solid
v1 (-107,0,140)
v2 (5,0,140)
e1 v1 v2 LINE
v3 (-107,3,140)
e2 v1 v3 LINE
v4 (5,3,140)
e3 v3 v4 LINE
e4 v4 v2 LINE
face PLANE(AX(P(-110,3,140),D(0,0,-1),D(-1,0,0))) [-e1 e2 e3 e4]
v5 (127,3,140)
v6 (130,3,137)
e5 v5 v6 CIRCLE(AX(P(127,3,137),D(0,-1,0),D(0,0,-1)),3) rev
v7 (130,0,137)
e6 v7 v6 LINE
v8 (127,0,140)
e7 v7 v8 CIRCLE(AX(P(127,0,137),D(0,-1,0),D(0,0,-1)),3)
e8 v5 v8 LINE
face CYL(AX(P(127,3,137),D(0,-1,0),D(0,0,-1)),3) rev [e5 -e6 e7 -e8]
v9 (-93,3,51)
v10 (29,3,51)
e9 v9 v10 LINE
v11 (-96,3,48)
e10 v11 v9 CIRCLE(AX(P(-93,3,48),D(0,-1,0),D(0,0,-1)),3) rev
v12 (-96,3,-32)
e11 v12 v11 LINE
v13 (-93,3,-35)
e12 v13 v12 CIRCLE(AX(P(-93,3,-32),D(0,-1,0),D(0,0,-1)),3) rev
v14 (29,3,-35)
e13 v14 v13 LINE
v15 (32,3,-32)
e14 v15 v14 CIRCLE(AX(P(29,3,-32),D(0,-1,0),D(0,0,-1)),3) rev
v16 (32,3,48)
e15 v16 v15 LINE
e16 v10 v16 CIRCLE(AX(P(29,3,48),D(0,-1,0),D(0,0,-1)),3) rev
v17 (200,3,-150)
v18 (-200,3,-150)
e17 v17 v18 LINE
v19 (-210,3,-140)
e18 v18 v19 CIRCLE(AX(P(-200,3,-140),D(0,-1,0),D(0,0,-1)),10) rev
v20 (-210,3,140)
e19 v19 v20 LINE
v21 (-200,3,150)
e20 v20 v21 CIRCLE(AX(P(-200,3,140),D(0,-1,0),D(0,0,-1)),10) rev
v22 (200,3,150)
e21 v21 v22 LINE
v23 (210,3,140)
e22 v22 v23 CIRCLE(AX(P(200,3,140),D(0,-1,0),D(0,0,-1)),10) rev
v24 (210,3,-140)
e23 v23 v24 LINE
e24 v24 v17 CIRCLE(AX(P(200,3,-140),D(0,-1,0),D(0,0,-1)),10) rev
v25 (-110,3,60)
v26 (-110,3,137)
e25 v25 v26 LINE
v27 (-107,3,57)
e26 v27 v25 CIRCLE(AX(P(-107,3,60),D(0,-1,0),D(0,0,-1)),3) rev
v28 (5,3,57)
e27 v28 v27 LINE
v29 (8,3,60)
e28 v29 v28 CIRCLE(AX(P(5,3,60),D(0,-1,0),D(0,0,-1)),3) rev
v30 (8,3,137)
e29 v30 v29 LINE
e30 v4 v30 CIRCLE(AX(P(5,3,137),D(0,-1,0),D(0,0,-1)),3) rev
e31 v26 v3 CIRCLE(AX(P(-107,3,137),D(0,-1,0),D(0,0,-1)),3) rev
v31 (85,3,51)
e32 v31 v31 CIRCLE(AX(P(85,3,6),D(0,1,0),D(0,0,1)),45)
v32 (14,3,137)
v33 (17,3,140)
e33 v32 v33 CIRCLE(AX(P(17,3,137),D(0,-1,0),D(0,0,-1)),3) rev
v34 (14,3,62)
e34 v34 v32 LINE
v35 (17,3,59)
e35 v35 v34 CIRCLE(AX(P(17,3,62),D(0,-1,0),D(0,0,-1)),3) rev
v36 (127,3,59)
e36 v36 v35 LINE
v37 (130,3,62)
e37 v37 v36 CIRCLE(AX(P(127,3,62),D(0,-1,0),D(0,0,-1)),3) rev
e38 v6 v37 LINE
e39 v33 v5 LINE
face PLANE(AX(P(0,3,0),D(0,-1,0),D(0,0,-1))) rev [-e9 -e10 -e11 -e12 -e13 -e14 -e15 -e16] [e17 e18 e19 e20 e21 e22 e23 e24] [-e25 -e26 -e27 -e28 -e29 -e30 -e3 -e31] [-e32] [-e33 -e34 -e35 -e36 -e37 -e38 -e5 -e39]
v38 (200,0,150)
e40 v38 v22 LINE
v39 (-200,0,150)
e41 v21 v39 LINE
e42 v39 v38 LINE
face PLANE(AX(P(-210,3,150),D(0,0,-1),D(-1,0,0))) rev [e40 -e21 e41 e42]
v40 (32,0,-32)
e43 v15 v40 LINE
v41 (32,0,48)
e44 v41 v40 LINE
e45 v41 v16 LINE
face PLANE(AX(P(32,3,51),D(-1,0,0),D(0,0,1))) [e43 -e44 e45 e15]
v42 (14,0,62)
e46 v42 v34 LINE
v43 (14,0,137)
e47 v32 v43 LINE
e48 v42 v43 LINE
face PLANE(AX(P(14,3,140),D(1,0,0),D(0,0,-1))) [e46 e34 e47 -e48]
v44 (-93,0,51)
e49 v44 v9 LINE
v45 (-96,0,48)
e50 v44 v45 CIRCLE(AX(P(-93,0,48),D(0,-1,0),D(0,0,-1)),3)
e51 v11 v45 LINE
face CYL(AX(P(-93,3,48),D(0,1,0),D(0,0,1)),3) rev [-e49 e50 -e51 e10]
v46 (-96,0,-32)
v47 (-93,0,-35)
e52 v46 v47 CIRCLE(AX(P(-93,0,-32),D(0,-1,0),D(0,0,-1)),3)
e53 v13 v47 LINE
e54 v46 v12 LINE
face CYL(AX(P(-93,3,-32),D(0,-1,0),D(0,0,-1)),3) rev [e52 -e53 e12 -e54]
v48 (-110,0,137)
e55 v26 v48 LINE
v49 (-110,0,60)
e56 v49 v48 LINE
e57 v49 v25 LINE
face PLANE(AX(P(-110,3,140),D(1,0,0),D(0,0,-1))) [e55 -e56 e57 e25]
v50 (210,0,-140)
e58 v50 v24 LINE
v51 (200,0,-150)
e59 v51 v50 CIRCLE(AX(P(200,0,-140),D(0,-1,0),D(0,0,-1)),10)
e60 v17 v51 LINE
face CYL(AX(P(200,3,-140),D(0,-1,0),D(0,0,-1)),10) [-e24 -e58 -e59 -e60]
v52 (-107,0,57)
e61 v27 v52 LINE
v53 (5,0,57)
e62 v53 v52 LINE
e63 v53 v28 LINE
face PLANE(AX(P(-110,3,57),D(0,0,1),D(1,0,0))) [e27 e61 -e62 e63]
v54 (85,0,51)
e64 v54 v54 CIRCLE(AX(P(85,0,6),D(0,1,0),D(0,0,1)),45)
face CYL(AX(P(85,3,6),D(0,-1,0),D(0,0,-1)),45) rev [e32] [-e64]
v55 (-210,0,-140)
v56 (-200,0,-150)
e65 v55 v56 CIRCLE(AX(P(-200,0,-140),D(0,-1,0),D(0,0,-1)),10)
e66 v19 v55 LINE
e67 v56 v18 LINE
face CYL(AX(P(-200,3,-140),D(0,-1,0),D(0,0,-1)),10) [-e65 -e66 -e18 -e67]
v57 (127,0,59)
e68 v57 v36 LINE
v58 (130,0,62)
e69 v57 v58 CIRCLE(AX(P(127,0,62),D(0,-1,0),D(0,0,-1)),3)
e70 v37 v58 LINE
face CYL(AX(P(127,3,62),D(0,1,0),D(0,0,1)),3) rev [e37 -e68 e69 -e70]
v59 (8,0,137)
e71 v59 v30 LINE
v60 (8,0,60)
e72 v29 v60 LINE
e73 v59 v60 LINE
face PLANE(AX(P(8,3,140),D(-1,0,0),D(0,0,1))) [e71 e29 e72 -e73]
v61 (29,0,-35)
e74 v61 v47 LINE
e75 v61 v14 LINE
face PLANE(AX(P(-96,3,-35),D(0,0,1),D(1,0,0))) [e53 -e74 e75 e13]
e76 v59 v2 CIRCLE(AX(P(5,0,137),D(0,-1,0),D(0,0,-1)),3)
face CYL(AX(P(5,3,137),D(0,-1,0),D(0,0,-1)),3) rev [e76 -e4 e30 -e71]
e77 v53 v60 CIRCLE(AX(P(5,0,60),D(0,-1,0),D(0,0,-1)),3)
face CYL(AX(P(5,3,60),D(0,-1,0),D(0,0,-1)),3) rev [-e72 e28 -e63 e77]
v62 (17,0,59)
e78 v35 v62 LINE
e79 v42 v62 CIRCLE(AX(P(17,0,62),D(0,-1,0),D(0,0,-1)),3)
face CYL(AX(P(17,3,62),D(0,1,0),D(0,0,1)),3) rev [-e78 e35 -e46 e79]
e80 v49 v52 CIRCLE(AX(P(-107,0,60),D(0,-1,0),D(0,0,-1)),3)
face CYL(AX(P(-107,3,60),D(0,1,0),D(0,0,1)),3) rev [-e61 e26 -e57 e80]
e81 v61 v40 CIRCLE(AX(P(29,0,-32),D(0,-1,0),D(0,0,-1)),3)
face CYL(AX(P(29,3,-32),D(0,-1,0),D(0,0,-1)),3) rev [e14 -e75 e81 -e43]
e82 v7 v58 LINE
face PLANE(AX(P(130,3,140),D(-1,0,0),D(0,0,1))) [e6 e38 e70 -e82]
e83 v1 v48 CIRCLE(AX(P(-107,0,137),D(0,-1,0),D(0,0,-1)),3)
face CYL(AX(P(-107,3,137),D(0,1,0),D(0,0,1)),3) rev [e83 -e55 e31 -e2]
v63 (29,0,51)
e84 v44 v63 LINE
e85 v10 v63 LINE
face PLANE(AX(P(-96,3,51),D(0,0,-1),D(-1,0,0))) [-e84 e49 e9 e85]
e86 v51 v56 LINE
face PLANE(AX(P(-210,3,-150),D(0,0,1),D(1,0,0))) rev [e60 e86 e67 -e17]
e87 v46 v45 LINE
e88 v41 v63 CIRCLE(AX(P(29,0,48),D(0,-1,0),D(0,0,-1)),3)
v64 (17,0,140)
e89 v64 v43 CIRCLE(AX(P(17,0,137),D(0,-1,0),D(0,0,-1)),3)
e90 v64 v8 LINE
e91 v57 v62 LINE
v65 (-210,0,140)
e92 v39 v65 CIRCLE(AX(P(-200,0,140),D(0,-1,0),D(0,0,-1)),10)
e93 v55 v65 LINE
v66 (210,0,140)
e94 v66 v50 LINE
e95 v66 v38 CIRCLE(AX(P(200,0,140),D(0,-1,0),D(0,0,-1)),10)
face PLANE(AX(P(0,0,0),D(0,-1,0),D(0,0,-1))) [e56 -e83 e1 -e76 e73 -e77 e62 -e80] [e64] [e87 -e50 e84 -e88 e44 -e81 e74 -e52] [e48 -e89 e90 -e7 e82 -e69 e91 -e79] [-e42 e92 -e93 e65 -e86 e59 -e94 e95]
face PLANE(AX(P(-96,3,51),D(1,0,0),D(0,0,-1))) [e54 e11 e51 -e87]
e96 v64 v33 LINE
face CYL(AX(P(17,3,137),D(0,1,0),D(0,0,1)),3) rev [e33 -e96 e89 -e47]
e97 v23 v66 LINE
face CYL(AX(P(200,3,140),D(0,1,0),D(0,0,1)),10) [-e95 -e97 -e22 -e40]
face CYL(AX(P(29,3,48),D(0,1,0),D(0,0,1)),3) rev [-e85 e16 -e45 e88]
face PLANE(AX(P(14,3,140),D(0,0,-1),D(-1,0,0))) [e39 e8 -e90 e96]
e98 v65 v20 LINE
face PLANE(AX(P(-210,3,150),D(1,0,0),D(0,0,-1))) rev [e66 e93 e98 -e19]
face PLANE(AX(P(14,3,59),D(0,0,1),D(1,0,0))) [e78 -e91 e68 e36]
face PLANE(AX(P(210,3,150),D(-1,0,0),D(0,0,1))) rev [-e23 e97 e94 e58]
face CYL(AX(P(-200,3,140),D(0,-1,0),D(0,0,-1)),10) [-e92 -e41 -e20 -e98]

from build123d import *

# Parameters (mm, degrees)
SKETCH_2_W      = 420
SKETCH_2_H      = 300
SKETCH_2_R      = 45
SKETCH_2_W_2    = 116
SKETCH_2_H_2    = 81
SKETCH_2_W_3    = 118
SKETCH_2_H_3    = 83
SKETCH_2_W_4    = 128
SKETCH_2_H_4    = 86
EXTRUDE_2_DEPTH = 3
FILLET_1_R      = 3
FILLET_2_R      = 3
FILLET_3_R      = 3
FILLET_4_R      = 3
FILLET_5_R      = 3
FILLET_6_R      = 3
FILLET_7_R      = 3
FILLET_8_R      = 3
FILLET_9_R      = 3
FILLET_10_R     = 3
FILLET_11_R     = 3
FILLET_12_R     = 3
FILLET_13_R     = 10
FILLET_14_R     = 10
FILLET_15_R     = 10
FILLET_16_R     = 10


with BuildPart() as part:
    # 草图2 → 凸台-拉伸2 (new body)
    with BuildSketch(Plane(origin=(0, 0, 0), x_dir=(1, 0, 0), z_dir=(0, 1, 0))):
        Rectangle(SKETCH_2_W, SKETCH_2_H)
        with Locations(Location((85, -6, 0), (0, 0, 270))):
            Circle(SKETCH_2_R, mode=Mode.SUBTRACT)
        with Locations((72, -99.5)):
            Rectangle(SKETCH_2_W_2, SKETCH_2_H_2, mode=Mode.SUBTRACT)
        with Locations((-51, -98.5)):
            Rectangle(SKETCH_2_W_3, SKETCH_2_H_3, mode=Mode.SUBTRACT)
        with Locations((-32, -8)):
            Rectangle(SKETCH_2_W_4, SKETCH_2_H_4, mode=Mode.SUBTRACT)
    extrude(amount=EXTRUDE_2_DEPTH)

    # 圆角1
    fillet_1_edges = [part.edges().sort_by_distance(p)[0] for p in [
        (-96, 1.5, -35),
    ]]
    fillet(fillet_1_edges, radius=FILLET_1_R)

    # 圆角2
    fillet_2_edges = [part.edges().sort_by_distance(p)[0] for p in [
        (-96, 1.5, 51),
    ]]
    fillet(fillet_2_edges, radius=FILLET_2_R)

    # 圆角3
    fillet_3_edges = [part.edges().sort_by_distance(p)[0] for p in [
        (32, 1.5, 51),
    ]]
    fillet(fillet_3_edges, radius=FILLET_3_R)

    # 圆角4
    fillet_4_edges = [part.edges().sort_by_distance(p)[0] for p in [
        (32, 1.5, -35),
    ]]
    fillet(fillet_4_edges, radius=FILLET_4_R)

    # 圆角5
    fillet_5_edges = [part.edges().sort_by_distance(p)[0] for p in [
        (14, 1.5, 140),
    ]]
    fillet(fillet_5_edges, radius=FILLET_5_R)

    # 圆角6
    fillet_6_edges = [part.edges().sort_by_distance(p)[0] for p in [
        (14, 1.5, 59),
    ]]
    fillet(fillet_6_edges, radius=FILLET_6_R)

    # 圆角7
    fillet_7_edges = [part.edges().sort_by_distance(p)[0] for p in [
        (130, 1.5, 59),
    ]]
    fillet(fillet_7_edges, radius=FILLET_7_R)

    # 圆角8
    fillet_8_edges = [part.edges().sort_by_distance(p)[0] for p in [
        (130, 1.5, 140),
    ]]
    fillet(fillet_8_edges, radius=FILLET_8_R)

    # 圆角9
    fillet_9_edges = [part.edges().sort_by_distance(p)[0] for p in [
        (8, 1.5, 140),
    ]]
    fillet(fillet_9_edges, radius=FILLET_9_R)

    # 圆角10
    fillet_10_edges = [part.edges().sort_by_distance(p)[0] for p in [
        (8, 1.5, 57),
    ]]
    fillet(fillet_10_edges, radius=FILLET_10_R)

    # 圆角11
    fillet_11_edges = [part.edges().sort_by_distance(p)[0] for p in [
        (-110, 1.5, 140),
    ]]
    fillet(fillet_11_edges, radius=FILLET_11_R)

    # 圆角12
    fillet_12_edges = [part.edges().sort_by_distance(p)[0] for p in [
        (-110, 1.5, 57),
    ]]
    fillet(fillet_12_edges, radius=FILLET_12_R)

    # 圆角13
    fillet_13_edges = [part.edges().sort_by_distance(p)[0] for p in [
        (-210, 1.5, 150),
    ]]
    fillet(fillet_13_edges, radius=FILLET_13_R)

    # 圆角14
    fillet_14_edges = [part.edges().sort_by_distance(p)[0] for p in [
        (210, 1.5, 150),
    ]]
    fillet(fillet_14_edges, radius=FILLET_14_R)

    # 圆角15
    fillet_15_edges = [part.edges().sort_by_distance(p)[0] for p in [
        (210, 1.5, -150),
    ]]
    fillet(fillet_15_edges, radius=FILLET_15_R)

    # 圆角16
    fillet_16_edges = [part.edges().sort_by_distance(p)[0] for p in [
        (-210, 1.5, -150),
    ]]
    fillet(fillet_16_edges, radius=FILLET_16_R)


solid = part.part
